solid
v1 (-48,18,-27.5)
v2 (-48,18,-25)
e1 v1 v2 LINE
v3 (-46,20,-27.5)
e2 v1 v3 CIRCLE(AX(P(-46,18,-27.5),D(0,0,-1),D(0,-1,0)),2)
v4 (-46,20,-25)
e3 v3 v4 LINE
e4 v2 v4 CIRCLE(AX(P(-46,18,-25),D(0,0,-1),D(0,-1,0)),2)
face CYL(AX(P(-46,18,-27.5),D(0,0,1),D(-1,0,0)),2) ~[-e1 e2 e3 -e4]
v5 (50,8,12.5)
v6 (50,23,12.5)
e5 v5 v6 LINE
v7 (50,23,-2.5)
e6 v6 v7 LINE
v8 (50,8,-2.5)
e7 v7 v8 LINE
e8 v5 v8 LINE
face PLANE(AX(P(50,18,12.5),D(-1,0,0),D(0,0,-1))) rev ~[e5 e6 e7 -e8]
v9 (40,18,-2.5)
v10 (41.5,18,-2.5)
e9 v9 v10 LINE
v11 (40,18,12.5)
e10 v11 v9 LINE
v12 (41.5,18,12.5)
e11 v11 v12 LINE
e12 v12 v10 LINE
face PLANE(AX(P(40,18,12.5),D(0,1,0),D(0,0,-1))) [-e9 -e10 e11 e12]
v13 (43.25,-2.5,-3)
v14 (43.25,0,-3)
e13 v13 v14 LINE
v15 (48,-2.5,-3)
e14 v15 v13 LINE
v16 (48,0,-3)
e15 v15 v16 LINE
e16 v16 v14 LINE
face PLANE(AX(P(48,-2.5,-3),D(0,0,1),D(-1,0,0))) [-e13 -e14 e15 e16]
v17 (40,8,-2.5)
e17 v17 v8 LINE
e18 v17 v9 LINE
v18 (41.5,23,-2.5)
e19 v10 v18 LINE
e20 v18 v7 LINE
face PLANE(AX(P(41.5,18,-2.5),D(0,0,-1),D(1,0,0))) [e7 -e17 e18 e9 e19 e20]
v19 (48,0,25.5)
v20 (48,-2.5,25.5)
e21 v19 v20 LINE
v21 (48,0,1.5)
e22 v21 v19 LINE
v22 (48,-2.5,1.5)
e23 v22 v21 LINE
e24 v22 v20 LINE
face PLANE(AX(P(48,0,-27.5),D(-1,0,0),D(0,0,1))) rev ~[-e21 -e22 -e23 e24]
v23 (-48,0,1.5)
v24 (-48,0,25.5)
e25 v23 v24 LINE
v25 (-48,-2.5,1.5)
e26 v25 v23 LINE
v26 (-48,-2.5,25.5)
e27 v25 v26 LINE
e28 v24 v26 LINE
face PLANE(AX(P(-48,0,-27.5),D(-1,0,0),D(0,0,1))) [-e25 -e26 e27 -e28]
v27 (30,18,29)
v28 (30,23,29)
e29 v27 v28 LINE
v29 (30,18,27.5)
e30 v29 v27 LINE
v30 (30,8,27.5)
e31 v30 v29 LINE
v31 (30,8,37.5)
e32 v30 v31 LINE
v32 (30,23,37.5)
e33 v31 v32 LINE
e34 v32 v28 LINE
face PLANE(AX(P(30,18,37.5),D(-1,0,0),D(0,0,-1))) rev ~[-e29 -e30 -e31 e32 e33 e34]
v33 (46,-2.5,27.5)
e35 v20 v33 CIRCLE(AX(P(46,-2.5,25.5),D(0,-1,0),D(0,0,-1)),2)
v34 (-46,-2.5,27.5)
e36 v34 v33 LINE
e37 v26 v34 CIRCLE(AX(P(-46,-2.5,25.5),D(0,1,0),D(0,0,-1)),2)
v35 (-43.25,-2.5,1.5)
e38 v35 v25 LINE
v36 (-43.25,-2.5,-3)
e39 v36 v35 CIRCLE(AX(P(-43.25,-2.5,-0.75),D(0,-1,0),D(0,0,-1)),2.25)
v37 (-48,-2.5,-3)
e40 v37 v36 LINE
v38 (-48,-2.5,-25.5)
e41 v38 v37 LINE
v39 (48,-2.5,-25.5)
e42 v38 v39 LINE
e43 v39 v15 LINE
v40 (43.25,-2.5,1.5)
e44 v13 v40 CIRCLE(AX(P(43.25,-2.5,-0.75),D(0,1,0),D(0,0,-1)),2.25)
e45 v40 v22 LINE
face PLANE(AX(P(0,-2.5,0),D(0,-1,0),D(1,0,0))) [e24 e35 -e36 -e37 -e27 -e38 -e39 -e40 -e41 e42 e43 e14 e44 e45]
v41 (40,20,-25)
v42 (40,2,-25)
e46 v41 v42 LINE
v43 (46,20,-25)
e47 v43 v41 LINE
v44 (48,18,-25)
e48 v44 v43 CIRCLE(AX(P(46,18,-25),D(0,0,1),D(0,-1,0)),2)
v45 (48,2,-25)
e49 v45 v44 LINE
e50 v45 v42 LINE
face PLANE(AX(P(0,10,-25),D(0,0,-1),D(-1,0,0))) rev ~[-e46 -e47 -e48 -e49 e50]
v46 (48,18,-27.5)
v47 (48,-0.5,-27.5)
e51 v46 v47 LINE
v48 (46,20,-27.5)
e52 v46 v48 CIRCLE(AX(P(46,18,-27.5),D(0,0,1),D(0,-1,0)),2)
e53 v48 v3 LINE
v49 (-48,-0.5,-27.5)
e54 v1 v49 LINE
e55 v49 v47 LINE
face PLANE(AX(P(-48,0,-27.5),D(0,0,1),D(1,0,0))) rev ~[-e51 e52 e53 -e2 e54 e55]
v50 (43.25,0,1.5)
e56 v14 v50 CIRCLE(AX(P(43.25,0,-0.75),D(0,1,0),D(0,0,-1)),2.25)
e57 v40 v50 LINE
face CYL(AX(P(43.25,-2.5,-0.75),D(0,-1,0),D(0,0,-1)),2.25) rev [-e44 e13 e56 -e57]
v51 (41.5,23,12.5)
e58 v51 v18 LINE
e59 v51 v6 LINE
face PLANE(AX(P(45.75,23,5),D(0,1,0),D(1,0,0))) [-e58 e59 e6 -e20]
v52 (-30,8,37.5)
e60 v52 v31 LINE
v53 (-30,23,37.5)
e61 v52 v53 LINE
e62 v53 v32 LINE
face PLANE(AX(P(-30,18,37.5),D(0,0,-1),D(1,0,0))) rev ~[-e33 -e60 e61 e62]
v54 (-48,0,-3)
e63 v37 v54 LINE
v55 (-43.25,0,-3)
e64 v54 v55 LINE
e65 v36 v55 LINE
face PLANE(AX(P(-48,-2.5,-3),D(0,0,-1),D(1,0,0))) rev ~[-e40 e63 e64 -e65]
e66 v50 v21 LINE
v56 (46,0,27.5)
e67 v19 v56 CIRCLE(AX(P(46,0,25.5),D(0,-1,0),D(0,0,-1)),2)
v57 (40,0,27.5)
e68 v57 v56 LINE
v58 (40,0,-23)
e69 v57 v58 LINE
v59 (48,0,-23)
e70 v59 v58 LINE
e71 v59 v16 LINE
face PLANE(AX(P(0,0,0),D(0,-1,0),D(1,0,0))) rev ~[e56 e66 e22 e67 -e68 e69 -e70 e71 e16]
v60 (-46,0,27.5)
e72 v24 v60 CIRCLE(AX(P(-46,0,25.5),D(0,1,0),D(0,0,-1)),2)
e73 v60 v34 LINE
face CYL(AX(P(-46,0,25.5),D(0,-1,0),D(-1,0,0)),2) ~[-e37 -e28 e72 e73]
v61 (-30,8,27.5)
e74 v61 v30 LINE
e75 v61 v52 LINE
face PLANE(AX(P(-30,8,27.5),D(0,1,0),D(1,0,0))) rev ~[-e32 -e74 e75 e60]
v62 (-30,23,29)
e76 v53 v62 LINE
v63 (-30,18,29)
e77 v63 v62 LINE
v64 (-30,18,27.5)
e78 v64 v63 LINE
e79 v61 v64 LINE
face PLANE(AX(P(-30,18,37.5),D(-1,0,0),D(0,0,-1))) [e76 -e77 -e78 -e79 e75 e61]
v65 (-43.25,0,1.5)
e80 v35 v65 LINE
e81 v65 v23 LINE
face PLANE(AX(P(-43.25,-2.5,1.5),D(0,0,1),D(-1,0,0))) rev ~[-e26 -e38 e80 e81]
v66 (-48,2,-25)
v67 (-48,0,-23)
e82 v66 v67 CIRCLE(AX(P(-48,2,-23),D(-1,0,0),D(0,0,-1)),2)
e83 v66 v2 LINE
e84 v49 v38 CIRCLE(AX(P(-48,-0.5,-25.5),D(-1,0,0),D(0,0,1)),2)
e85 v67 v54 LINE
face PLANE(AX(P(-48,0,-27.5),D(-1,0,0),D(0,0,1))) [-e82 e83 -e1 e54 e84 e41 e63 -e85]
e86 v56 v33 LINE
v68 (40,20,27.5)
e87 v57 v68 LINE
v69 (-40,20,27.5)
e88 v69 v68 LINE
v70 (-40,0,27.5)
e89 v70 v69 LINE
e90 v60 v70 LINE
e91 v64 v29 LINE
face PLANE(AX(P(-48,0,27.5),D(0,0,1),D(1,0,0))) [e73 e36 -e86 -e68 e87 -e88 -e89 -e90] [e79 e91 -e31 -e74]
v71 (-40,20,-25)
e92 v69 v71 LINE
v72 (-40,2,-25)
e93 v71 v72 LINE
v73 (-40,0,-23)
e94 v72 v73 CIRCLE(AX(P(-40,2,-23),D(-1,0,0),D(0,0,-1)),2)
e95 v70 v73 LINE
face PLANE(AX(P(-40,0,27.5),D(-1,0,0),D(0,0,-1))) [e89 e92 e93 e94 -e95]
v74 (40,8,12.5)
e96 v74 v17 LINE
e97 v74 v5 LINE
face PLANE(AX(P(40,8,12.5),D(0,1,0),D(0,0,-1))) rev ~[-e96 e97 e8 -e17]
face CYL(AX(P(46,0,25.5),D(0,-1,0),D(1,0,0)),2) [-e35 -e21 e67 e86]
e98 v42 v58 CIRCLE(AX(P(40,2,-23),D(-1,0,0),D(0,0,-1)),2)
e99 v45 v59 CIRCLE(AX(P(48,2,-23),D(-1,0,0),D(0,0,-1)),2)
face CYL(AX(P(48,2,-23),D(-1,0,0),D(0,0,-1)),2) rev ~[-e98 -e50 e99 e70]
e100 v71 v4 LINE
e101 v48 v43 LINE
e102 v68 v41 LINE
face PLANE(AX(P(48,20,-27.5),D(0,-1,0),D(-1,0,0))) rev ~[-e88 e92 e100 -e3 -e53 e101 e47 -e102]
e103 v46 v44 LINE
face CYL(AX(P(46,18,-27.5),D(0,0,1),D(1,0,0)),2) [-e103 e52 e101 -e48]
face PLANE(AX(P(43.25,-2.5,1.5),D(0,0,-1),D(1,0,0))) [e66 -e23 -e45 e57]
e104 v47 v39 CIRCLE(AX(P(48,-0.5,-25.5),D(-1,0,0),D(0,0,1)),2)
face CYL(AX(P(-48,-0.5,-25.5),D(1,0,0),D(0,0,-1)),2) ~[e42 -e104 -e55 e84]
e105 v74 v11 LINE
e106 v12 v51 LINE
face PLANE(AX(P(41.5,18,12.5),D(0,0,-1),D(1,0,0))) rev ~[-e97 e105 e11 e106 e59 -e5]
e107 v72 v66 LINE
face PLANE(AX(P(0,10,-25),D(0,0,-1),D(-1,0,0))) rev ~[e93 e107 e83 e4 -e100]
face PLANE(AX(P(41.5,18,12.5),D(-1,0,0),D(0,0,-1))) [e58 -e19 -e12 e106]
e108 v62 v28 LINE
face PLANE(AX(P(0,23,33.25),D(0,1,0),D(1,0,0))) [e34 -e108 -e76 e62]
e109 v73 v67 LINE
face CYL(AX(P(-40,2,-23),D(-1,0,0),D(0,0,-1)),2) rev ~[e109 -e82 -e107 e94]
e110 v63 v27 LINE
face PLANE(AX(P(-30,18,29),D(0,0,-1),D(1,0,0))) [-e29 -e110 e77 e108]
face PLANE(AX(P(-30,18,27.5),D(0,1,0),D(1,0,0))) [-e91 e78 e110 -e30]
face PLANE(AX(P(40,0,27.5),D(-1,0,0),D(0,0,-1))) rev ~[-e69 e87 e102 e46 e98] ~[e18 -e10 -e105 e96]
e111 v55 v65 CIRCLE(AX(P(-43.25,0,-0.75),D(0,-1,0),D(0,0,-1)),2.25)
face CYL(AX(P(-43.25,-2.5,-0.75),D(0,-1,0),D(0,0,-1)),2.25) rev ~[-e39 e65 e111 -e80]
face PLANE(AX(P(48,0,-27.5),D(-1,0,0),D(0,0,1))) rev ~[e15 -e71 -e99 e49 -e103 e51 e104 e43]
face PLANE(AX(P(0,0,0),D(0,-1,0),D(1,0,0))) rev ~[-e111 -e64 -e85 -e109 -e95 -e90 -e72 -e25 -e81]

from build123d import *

# Parameters (mm, degrees)
SKETCH_1_W          = 80
SKETCH_1_H          = 55
EXTRUDE_1_DEPTH     = 20
SKETCH_2_W          = 15
SKETCH_2_H          = 10
EXTRUDE_2_DEPTH     = 10
SKETCH_3_W          = 8.5
SKETCH_3_H          = 15
EXTRUDE_3_DEPTH     = 5
SKETCH_4_W          = 60
SKETCH_4_H          = 10
EXTRUDE_4_DEPTH     = 10
SKETCH_5_W          = 60
SKETCH_5_H          = 8.5
EXTRUDE_5_DEPTH     = 5
SKETCH_6_W          = 96
SKETCH_6_H          = 20
EXTRUDE_6_DEPTH     = 2.5
SKETCH_7_W          = 96
SKETCH_7_H          = 55
EXTRUDE_8_DEPTH     = 2.5
FILLET_1_R          = 2
CUT_EXTRUDE_1_DEPTH = 2.5


with BuildPart() as part:
    # 草图1 → 凸台-拉伸1 (new body)
    with BuildSketch(Plane(origin=(0, 0, 0), x_dir=(1, 0, 0), z_dir=(0, 1, 0))):
        Rectangle(SKETCH_1_W, SKETCH_1_H)
    extrude(amount=EXTRUDE_1_DEPTH)

    # 草图2 → 凸台-拉伸2 (add)
    with BuildSketch(Plane(origin=(40, 0, 0), x_dir=(0, 0, -1), z_dir=(1, 0, 0))):
        with Locations((-5, 13)):
            Rectangle(SKETCH_2_W, SKETCH_2_H)
    extrude(amount=EXTRUDE_2_DEPTH)

    # 草图3 → 凸台-拉伸3 (add)
    with BuildSketch(Plane(origin=(0, 18, 0), x_dir=(1, 0, 0), z_dir=(0, 1, 0))):
        with Locations((45.75, -5)):
            Rectangle(SKETCH_3_W, SKETCH_3_H)
    extrude(amount=EXTRUDE_3_DEPTH)

    # 草图4 → 凸台-拉伸4 (add)
    with BuildSketch(Plane.XY.offset(27.5)):
        with Locations((0, 13)):
            Rectangle(SKETCH_4_W, SKETCH_4_H)
    extrude(amount=EXTRUDE_4_DEPTH)

    # 草图5 → 凸台-拉伸5 (add)
    with BuildSketch(Plane(origin=(0, 18, 0), x_dir=(1, 0, 0), z_dir=(0, 1, 0))):
        with Locations((0, -33.25)):
            Rectangle(SKETCH_5_W, SKETCH_5_H)
    extrude(amount=EXTRUDE_5_DEPTH)

    # 草图6 → 凸台-拉伸6 (add)
    with BuildSketch(Plane(origin=(0, 0, -27.5), x_dir=(-1, 0, 0), z_dir=(0, 0, -1))):
        with Locations((0, 10)):
            Rectangle(SKETCH_6_W, SKETCH_6_H)
    extrude(amount=-EXTRUDE_6_DEPTH)

    # 草图7 → 凸台-拉伸8 (add)
    with BuildSketch(Plane.XZ):
        Rectangle(SKETCH_7_W, SKETCH_7_H)
    extrude(amount=EXTRUDE_8_DEPTH)

    # 圆角1
    fillet_1_edges = [part.edges().sort_by_distance(p)[0] for p in [
        (48, 20, -26.25),
        (44, 0, -25),
        (-44, 0, -25),
        (-48, 20, -26.25),
        (-48, -1.25, 27.5),
        (48, -1.25, 27.5),
        (0, -2.5, -27.5),
    ]]
    fillet(fillet_1_edges, radius=FILLET_1_R)

    # 草图8 → 切除-拉伸1 (cut)
    with BuildSketch(Plane.XZ.offset(2.5)):
        with BuildLine():
            Line((-48, -3), (-43.25, -3))
            ThreePointArc((-43.25, -3), (-41, -0.75), (-43.25, 1.5))
            Line((-43.25, 1.5), (-48, 1.5))
            Line((-48, 1.5), (-48, -3))
        make_face()
        with BuildLine():
            Line((48, 1.5), (48, -3))
            Line((48, -3), (43.25, -3))
            ThreePointArc((43.25, -3), (41, -0.75), (43.25, 1.5))
            Line((43.25, 1.5), (48, 1.5))
        make_face()
    extrude(amount=-CUT_EXTRUDE_1_DEPTH, mode=Mode.SUBTRACT)


solid = part.part
